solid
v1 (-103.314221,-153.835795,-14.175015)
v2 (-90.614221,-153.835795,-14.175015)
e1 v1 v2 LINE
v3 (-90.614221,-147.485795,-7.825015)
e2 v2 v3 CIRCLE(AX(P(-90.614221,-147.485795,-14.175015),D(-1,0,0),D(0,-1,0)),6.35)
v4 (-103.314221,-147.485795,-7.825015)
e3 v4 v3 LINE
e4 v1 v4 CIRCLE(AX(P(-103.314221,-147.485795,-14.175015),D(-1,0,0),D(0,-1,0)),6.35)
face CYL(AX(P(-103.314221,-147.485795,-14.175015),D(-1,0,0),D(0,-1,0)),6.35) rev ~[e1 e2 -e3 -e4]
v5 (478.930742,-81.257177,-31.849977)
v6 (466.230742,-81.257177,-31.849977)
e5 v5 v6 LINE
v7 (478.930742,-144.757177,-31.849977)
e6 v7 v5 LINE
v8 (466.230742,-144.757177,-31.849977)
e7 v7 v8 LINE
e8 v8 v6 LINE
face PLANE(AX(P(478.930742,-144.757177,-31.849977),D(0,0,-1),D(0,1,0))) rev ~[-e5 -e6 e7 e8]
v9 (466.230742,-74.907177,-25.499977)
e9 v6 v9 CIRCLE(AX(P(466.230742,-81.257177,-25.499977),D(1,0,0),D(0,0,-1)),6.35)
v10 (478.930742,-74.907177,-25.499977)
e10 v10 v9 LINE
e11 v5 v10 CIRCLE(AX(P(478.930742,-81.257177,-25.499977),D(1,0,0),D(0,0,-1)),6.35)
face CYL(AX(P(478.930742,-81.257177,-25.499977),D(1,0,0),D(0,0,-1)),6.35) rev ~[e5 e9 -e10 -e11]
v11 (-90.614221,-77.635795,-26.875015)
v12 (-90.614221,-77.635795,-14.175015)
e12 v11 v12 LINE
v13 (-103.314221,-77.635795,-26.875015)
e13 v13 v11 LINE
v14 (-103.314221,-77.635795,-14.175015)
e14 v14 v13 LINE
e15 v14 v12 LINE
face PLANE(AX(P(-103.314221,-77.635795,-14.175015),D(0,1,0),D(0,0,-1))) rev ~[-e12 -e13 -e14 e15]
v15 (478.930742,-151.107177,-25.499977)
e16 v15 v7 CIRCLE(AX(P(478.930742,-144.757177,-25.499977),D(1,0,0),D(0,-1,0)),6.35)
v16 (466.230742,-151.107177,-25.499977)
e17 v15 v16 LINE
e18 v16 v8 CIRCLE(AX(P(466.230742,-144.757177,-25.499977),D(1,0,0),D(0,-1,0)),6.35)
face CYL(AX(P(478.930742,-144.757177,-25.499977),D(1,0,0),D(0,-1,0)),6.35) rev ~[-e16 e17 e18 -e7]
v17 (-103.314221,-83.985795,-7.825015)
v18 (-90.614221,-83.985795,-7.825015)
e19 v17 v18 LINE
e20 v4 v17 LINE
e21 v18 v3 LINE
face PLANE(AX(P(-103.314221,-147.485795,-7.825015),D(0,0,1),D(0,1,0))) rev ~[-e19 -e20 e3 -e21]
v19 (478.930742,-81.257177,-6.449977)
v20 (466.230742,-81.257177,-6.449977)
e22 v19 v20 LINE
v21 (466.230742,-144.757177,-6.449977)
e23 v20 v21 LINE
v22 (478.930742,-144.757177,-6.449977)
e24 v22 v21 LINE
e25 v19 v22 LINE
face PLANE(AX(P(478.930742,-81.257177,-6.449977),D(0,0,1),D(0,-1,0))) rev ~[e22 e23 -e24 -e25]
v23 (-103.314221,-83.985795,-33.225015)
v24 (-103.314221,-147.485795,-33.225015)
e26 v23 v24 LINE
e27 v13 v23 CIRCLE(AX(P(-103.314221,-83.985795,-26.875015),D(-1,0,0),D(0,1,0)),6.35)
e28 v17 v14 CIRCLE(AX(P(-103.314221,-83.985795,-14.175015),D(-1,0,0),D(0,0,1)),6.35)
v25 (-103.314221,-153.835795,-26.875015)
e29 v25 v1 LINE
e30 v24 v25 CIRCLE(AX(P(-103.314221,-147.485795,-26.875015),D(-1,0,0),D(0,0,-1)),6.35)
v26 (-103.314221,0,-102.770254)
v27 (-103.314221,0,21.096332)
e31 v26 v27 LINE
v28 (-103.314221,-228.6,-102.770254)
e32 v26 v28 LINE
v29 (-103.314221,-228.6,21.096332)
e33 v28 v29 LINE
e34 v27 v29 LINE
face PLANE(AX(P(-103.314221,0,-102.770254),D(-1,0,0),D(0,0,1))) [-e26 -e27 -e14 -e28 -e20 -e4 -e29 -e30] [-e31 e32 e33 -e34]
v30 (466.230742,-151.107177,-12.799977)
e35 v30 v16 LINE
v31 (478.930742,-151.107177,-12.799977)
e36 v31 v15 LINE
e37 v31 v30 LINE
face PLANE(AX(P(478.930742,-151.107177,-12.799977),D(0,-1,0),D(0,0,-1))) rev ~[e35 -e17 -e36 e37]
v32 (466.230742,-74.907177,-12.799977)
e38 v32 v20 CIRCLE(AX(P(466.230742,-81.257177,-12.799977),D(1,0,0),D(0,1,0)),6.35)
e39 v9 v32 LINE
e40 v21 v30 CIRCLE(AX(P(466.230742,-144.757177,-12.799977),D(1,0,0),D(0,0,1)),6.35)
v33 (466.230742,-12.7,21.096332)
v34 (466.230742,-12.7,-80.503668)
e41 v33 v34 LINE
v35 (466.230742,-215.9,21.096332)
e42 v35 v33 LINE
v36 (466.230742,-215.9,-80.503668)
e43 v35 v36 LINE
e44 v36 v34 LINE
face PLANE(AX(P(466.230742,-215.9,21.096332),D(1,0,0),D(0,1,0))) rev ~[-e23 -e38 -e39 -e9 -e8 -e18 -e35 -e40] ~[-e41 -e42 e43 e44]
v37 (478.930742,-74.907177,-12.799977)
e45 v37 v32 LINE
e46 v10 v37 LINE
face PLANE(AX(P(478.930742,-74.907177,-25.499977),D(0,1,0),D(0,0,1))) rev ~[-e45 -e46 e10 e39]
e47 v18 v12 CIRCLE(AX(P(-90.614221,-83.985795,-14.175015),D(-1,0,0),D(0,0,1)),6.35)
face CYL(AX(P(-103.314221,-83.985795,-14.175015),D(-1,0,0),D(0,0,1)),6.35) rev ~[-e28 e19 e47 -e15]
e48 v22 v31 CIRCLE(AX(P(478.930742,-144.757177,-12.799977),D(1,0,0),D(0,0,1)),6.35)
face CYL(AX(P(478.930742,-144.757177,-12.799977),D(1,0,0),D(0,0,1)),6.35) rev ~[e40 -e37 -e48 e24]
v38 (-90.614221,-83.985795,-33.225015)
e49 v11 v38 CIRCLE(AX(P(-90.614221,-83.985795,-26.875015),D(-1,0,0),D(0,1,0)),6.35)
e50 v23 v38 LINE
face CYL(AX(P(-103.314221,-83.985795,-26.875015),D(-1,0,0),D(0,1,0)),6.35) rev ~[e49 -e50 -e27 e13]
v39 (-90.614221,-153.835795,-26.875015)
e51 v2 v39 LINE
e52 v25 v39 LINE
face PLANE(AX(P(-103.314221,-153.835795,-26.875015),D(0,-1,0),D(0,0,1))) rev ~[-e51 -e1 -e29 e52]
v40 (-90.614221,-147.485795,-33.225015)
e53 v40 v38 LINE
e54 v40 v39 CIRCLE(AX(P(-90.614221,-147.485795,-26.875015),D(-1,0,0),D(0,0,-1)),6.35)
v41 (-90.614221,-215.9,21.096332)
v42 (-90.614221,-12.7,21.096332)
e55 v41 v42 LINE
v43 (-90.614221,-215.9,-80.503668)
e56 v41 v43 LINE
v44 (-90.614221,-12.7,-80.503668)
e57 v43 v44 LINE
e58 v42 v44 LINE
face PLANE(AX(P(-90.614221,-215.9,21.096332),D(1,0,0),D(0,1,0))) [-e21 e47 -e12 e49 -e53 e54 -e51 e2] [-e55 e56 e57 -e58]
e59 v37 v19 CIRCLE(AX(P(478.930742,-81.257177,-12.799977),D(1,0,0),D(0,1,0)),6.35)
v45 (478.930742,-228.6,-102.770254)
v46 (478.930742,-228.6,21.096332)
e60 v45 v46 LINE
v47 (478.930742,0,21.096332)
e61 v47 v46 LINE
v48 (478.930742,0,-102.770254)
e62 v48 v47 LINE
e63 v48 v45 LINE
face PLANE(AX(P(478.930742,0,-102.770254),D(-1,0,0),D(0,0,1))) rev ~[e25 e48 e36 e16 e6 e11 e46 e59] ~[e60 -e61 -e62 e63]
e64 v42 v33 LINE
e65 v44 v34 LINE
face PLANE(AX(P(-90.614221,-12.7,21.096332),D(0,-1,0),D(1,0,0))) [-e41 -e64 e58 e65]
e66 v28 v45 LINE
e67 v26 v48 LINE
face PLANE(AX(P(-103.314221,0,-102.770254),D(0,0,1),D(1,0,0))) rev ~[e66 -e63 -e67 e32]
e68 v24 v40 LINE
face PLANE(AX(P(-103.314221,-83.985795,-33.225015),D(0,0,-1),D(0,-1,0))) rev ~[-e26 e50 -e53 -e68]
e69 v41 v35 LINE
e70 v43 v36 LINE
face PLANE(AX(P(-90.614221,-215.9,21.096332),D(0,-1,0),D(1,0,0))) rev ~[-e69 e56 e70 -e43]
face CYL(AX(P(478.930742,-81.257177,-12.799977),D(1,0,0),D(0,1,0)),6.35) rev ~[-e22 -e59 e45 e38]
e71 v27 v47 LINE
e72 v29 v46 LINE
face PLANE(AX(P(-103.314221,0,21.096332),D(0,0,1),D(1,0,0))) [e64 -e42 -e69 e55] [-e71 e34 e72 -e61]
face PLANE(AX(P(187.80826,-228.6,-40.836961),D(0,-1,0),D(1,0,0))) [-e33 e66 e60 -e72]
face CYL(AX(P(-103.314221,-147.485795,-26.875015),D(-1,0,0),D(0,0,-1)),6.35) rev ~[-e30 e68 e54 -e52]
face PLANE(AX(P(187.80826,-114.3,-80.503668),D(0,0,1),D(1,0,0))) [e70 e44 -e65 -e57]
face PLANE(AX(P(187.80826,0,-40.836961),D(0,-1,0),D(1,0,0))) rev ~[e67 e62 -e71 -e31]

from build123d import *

# Parameters (mm, degrees)
F0_W     = 582.2449624538
F0_H     = 123.8665860146
F1_DEPTH = 228.6
F2_W     = 556.8449624538
F2_H     = 203.2
F3_DEPTH = 101.6
F5_DEPTH = 25.4
F7_DEPTH = 25.4


with BuildPart() as f1:
    # F0 (on Front) → F1 (new body)
    with BuildSketch(Plane.XZ):
        with Locations((187.8082603216, -40.8369610086)):
            Rectangle(F0_W, F0_H)
    extrude(amount=F1_DEPTH)

    # F2 (on face) → F3 (cut)
    with BuildSketch(Plane.XY.offset(21.0963319987)):
        with Locations((187.8082603216, -114.3)):
            Rectangle(F2_W, F2_H)
    extrude(amount=-F3_DEPTH, mode=Mode.SUBTRACT)

    # F4 (on face) → F5 (cut)
    with BuildSketch(Plane.YZ.offset(478.9307415485)):
        with BuildLine():
            Line((-81.2571771383, -6.449976629), (-144.7571771383, -6.449976629))
            ThreePointArc((-144.7571771383, -6.449976629), (-149.2473051989, -8.3098485685), (-151.1071771383, -12.799976629))
            Line((-151.1071771383, -12.799976629), (-151.1071771383, -25.499976629))
            ThreePointArc((-151.1071771383, -25.499976629), (-149.2473051989, -29.9901046896), (-144.7571771383, -31.849976629))
            Line((-144.7571771383, -31.849976629), (-81.2571771383, -31.849976629))
            ThreePointArc((-81.2571771383, -31.849976629), (-76.7670490778, -29.9901046896), (-74.9071771383, -25.499976629))
            Line((-74.9071771383, -25.499976629), (-74.9071771383, -12.799976629))
            ThreePointArc((-74.9071771383, -12.799976629), (-76.7670490778, -8.3098485685), (-81.2571771383, -6.449976629))
        make_face()
    extrude(amount=-F5_DEPTH, mode=Mode.SUBTRACT)

    # F6 (on face) → F7 (cut)
    with BuildSketch(Plane(origin=(-103.3142209053, 0, 0), x_dir=(0, -1, 0), z_dir=(-1, 0, 0))):
        with BuildLine():
            Line((147.485794878, -7.8250148058), (83.985794878, -7.8250148058))
            ThreePointArc((83.985794878, -7.8250148058), (79.4956668175, -9.6848867453), (77.635794878, -14.1750148058))
            Line((77.635794878, -14.1750148058), (77.635794878, -26.8750148058))
            ThreePointArc((77.635794878, -26.8750148058), (79.4956668175, -31.3651428663), (83.985794878, -33.2250148058))
            Line((83.985794878, -33.2250148058), (147.485794878, -33.2250148058))
            ThreePointArc((147.485794878, -33.2250148058), (151.9759229385, -31.3651428663), (153.835794878, -26.8750148058))
            Line((153.835794878, -26.8750148058), (153.835794878, -14.1750148058))
            ThreePointArc((153.835794878, -14.1750148058), (151.9759229385, -9.6848867453), (147.485794878, -7.8250148058))
        make_face()
    extrude(amount=-F7_DEPTH, mode=Mode.SUBTRACT)


solid = f1.part
